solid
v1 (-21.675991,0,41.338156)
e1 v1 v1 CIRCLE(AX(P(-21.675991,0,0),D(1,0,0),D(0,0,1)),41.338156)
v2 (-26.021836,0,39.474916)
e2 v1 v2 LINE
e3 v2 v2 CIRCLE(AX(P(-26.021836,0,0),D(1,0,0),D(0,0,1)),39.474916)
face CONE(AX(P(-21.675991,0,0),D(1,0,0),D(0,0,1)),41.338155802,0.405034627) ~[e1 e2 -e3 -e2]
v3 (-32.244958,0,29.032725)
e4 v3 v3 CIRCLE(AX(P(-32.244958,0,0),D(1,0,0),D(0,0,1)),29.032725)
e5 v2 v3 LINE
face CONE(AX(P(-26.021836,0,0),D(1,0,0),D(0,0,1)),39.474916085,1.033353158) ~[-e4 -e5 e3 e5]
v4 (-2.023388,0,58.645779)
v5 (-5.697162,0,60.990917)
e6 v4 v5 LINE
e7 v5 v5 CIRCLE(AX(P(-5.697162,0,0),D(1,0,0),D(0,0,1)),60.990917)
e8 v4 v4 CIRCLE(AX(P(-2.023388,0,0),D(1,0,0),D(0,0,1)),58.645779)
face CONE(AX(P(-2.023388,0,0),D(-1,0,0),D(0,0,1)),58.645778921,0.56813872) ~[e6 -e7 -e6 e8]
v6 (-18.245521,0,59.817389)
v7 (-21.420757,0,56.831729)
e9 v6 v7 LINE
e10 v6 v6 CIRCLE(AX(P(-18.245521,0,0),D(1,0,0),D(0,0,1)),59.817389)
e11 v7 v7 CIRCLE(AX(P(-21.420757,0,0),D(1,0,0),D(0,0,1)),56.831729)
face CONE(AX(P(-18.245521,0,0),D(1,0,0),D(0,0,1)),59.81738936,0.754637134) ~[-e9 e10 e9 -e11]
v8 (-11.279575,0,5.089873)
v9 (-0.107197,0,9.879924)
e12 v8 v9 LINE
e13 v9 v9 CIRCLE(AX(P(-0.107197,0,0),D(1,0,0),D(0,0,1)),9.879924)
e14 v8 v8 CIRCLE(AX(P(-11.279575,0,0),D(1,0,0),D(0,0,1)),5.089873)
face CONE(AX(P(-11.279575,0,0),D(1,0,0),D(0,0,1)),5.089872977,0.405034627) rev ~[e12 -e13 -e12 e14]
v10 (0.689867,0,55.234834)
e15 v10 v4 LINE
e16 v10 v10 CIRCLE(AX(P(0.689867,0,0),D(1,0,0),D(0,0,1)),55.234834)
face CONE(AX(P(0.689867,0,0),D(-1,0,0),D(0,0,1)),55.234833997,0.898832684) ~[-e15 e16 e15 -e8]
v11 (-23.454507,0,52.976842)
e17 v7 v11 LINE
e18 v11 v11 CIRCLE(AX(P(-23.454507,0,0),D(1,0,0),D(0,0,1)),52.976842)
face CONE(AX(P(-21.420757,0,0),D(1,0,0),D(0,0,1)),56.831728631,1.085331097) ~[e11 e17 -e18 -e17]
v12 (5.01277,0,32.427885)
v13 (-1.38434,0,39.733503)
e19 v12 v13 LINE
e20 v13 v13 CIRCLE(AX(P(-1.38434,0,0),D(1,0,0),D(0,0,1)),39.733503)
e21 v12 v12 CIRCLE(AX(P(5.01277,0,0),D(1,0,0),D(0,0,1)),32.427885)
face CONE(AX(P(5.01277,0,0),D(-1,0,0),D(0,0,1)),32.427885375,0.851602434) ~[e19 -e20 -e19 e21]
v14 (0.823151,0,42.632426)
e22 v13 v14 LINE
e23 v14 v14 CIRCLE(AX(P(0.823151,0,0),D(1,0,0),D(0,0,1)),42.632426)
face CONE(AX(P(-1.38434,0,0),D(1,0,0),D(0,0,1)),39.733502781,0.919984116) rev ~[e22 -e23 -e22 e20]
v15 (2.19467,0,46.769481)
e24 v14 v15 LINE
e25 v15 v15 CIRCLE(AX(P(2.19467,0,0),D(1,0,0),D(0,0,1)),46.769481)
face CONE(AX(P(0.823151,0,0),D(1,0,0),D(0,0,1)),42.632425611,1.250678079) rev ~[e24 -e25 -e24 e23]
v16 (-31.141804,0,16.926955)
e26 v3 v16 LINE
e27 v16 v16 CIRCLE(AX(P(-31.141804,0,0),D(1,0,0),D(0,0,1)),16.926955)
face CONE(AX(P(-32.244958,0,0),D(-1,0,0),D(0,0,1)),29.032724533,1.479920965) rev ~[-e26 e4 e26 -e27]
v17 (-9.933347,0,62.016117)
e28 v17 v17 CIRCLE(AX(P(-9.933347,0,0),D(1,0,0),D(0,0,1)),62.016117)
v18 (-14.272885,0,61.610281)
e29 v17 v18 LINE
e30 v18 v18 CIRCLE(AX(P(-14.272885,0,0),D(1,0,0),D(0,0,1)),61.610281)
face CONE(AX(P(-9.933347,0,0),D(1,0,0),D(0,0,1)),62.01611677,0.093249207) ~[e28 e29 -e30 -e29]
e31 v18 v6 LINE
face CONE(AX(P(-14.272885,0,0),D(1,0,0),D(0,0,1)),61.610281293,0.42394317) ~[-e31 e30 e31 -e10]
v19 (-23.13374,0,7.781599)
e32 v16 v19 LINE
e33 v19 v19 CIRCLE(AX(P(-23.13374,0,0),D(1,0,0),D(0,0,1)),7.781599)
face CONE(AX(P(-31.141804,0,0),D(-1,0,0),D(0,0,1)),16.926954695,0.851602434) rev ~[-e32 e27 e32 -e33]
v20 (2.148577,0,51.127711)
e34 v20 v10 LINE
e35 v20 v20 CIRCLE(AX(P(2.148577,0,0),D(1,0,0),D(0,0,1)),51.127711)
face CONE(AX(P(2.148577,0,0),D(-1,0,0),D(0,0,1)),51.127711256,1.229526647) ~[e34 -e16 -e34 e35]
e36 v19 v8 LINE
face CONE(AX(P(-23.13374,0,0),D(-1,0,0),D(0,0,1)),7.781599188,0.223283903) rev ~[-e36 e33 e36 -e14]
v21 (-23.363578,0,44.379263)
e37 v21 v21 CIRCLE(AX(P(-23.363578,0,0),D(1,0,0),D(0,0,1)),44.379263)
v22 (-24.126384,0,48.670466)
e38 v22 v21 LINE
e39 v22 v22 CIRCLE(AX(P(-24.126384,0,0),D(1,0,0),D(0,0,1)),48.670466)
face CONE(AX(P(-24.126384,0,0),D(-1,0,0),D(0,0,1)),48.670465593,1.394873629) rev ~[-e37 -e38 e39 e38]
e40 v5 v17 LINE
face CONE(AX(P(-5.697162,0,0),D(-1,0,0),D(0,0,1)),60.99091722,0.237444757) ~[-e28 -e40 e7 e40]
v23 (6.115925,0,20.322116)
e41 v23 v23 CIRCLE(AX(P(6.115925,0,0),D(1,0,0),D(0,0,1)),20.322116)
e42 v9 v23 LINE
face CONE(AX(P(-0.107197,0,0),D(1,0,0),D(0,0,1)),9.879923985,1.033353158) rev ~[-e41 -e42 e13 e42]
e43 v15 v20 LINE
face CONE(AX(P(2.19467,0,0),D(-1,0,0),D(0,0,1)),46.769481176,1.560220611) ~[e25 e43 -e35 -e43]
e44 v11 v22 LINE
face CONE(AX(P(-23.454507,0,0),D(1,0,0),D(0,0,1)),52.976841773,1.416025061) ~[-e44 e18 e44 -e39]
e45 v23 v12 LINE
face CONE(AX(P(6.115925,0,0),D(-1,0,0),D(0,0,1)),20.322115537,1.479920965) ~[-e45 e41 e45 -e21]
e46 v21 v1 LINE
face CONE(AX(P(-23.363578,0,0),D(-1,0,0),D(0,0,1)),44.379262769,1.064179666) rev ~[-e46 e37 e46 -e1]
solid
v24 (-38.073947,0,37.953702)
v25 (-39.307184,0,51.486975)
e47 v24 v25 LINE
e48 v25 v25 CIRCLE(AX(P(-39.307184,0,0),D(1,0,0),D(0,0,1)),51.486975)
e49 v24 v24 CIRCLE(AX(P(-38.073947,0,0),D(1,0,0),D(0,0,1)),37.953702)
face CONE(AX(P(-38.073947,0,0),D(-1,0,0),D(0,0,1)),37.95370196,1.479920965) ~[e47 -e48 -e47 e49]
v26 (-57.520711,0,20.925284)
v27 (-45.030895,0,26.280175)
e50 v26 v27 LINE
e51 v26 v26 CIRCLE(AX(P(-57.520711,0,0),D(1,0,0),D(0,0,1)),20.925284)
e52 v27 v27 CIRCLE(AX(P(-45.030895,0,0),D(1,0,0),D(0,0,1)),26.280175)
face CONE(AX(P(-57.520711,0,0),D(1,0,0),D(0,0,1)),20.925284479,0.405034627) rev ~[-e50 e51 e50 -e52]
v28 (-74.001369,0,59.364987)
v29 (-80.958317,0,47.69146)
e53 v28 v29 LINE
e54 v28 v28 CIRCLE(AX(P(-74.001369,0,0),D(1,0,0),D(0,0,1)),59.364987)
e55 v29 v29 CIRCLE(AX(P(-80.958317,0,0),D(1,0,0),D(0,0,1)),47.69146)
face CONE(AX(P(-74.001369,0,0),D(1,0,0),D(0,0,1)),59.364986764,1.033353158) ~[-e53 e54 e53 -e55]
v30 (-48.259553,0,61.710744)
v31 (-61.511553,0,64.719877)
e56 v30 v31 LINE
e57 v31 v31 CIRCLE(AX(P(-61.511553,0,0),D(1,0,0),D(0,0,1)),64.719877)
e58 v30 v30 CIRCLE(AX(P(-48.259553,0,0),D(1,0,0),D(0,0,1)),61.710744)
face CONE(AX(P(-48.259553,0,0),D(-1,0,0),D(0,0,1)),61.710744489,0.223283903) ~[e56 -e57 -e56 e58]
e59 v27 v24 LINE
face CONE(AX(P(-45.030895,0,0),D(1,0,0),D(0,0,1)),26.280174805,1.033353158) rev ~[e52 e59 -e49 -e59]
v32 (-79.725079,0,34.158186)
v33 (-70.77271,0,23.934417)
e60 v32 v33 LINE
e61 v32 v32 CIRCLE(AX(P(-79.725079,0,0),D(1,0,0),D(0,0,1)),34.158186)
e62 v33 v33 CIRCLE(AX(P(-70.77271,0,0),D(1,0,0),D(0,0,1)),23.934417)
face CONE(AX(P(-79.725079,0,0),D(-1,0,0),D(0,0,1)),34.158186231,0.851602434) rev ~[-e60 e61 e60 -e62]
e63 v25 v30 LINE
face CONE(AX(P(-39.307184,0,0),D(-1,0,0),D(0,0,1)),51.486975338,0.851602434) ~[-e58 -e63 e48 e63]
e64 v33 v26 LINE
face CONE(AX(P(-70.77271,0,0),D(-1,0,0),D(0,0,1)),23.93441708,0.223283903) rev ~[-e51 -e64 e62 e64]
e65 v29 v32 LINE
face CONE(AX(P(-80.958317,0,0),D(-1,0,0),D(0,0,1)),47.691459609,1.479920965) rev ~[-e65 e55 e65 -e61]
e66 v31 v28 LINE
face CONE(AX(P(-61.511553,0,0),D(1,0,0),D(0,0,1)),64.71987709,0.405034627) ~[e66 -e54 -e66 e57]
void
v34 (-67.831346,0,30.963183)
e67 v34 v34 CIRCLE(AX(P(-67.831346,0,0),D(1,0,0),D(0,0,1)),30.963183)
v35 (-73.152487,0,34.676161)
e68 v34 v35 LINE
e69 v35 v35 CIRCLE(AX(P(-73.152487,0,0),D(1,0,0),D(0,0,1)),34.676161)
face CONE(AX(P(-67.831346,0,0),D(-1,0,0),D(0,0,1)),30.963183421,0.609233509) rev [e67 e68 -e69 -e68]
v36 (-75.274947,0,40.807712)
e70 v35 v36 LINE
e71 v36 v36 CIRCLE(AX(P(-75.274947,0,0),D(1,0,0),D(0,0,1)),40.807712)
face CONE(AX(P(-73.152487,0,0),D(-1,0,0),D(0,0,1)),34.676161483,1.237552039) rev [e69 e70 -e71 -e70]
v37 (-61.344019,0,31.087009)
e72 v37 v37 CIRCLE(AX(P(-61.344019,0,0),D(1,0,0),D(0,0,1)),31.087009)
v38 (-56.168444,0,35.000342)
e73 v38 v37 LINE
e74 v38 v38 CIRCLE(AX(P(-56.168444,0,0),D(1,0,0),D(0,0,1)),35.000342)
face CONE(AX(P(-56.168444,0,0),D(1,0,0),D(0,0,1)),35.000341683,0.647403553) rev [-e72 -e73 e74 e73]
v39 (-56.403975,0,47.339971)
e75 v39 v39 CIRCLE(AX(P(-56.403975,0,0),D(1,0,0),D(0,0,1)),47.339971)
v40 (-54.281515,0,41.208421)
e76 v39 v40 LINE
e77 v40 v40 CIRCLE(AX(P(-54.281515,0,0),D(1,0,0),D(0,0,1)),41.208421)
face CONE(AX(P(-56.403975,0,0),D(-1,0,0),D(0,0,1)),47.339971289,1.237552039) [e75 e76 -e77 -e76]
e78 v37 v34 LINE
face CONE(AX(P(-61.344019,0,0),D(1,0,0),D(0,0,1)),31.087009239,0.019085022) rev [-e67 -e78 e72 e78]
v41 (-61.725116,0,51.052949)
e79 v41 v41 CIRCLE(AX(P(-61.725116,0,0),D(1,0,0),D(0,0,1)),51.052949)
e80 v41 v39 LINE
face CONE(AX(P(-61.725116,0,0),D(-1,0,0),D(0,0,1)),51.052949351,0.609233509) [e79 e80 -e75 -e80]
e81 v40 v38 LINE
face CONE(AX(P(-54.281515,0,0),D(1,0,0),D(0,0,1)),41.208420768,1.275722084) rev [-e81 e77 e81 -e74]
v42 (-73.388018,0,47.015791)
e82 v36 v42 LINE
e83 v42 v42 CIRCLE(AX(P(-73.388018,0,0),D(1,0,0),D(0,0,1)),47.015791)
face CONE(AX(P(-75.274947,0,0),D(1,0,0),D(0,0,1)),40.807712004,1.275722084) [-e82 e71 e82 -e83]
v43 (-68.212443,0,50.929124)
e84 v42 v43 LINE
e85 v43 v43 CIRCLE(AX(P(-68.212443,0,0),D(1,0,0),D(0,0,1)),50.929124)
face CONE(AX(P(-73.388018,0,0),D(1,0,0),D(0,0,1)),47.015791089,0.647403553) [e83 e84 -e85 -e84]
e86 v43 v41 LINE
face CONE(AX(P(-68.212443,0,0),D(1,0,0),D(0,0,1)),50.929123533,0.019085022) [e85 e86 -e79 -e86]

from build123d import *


with BuildPart() as f1:
    # F0 (on Front) → F1 (revolve)
    with BuildSketch(Plane.XZ):
        Polygon((-45.0308947828, 26.2801748051), (-38.0739466283, 37.9537019597), (-39.307184446, 51.4869753384), (-48.2595533058, 61.7107444894), (-61.5115525832, 64.7198770903), (-74.0013689729, 59.3649867641), (-80.9583171275, 47.6914596094), (-79.7250793098, 34.1581862307), (-70.77271045, 23.9344170797), (-57.5207111726, 20.9252844789), align=None)
        Polygon((-61.7251158268, 51.0529493512), (-56.4039748873, 47.3399712894), (-54.2815151845, 41.208420768), (-56.1684441853, 35.0003416825), (-61.3440191456, 31.0870092387), (-67.8313463419, 30.9631834208), (-73.1524872814, 34.6761614826), (-75.2749469842, 40.8077120039), (-73.3880179834, 47.0157910894), (-68.2124430231, 50.9291235333), align=None, mode=Mode.SUBTRACT)
    revolve(axis=Axis((2.086693421, 0, 0), (1, 0, 0)))


with BuildPart() as f1b:
    # F0 (on Front) → F1, piece 2 (revolve)
    with BuildSketch(Plane.XZ):
        Polygon((-26.0218361549, 39.4749160847), (-32.244958291, 29.0327245334), (-31.1418036618, 16.9269546951), (-23.1337398406, 7.781599188), (-11.2795750232, 5.0898729766), (-0.1071972616, 9.8799239853), (6.1159248745, 20.3221155366), (5.0127702452, 32.4278853749), (-1.3843403312, 39.7335027809), (-1.8173552669, 39.164858725), (-5.4407088466, 36.7425451944), (-9.6542630528, 35.6279802765), (-14.001413907, 35.9419443742), (-18.0110801614, 37.6504146061), (-21.2487522607, 40.5682517129), (-21.6759914137, 41.3381558024), align=None)
        Polygon((-23.3635781955, 44.379262769), (-21.6759914137, 41.3381558024), (-14.8494583933, 44.2649670934), (-2.9952935759, 41.573240882), (-1.3843403312, 39.7335027809), (0.8231511039, 42.6324256112), (2.194670429, 46.7694811759), (2.148577308, 51.1277112557), (0.6898666458, 55.2348339965), (-2.023387623, 58.6457789209), (-5.697162298, 60.9909172199), (-9.9333468887, 62.0161167704), (-14.2728850634, 61.6102812934), (-18.2455205261, 59.81738936), (-21.4207565826, 56.8317286308), (-23.4545071373, 52.9768417731), (-24.1263837607, 48.6704655927), align=None)
        Polygon((-14.8494583933, 44.2649670934), (-21.6759914137, 41.3381558024), (-21.2487522607, 40.5682517129), (-18.0110801614, 37.6504146061), (-14.001413907, 35.9419443742), (-9.6542630528, 35.6279802765), (-5.4407088466, 36.7425451944), (-1.8173552669, 39.164858725), (-1.3843403312, 39.7335027809), (-2.9952935759, 41.573240882), align=None)
    revolve(axis=Axis((2.086693421, 0, 0), (1, 0, 0)))


solid = Compound([f1.part, f1b.part])
